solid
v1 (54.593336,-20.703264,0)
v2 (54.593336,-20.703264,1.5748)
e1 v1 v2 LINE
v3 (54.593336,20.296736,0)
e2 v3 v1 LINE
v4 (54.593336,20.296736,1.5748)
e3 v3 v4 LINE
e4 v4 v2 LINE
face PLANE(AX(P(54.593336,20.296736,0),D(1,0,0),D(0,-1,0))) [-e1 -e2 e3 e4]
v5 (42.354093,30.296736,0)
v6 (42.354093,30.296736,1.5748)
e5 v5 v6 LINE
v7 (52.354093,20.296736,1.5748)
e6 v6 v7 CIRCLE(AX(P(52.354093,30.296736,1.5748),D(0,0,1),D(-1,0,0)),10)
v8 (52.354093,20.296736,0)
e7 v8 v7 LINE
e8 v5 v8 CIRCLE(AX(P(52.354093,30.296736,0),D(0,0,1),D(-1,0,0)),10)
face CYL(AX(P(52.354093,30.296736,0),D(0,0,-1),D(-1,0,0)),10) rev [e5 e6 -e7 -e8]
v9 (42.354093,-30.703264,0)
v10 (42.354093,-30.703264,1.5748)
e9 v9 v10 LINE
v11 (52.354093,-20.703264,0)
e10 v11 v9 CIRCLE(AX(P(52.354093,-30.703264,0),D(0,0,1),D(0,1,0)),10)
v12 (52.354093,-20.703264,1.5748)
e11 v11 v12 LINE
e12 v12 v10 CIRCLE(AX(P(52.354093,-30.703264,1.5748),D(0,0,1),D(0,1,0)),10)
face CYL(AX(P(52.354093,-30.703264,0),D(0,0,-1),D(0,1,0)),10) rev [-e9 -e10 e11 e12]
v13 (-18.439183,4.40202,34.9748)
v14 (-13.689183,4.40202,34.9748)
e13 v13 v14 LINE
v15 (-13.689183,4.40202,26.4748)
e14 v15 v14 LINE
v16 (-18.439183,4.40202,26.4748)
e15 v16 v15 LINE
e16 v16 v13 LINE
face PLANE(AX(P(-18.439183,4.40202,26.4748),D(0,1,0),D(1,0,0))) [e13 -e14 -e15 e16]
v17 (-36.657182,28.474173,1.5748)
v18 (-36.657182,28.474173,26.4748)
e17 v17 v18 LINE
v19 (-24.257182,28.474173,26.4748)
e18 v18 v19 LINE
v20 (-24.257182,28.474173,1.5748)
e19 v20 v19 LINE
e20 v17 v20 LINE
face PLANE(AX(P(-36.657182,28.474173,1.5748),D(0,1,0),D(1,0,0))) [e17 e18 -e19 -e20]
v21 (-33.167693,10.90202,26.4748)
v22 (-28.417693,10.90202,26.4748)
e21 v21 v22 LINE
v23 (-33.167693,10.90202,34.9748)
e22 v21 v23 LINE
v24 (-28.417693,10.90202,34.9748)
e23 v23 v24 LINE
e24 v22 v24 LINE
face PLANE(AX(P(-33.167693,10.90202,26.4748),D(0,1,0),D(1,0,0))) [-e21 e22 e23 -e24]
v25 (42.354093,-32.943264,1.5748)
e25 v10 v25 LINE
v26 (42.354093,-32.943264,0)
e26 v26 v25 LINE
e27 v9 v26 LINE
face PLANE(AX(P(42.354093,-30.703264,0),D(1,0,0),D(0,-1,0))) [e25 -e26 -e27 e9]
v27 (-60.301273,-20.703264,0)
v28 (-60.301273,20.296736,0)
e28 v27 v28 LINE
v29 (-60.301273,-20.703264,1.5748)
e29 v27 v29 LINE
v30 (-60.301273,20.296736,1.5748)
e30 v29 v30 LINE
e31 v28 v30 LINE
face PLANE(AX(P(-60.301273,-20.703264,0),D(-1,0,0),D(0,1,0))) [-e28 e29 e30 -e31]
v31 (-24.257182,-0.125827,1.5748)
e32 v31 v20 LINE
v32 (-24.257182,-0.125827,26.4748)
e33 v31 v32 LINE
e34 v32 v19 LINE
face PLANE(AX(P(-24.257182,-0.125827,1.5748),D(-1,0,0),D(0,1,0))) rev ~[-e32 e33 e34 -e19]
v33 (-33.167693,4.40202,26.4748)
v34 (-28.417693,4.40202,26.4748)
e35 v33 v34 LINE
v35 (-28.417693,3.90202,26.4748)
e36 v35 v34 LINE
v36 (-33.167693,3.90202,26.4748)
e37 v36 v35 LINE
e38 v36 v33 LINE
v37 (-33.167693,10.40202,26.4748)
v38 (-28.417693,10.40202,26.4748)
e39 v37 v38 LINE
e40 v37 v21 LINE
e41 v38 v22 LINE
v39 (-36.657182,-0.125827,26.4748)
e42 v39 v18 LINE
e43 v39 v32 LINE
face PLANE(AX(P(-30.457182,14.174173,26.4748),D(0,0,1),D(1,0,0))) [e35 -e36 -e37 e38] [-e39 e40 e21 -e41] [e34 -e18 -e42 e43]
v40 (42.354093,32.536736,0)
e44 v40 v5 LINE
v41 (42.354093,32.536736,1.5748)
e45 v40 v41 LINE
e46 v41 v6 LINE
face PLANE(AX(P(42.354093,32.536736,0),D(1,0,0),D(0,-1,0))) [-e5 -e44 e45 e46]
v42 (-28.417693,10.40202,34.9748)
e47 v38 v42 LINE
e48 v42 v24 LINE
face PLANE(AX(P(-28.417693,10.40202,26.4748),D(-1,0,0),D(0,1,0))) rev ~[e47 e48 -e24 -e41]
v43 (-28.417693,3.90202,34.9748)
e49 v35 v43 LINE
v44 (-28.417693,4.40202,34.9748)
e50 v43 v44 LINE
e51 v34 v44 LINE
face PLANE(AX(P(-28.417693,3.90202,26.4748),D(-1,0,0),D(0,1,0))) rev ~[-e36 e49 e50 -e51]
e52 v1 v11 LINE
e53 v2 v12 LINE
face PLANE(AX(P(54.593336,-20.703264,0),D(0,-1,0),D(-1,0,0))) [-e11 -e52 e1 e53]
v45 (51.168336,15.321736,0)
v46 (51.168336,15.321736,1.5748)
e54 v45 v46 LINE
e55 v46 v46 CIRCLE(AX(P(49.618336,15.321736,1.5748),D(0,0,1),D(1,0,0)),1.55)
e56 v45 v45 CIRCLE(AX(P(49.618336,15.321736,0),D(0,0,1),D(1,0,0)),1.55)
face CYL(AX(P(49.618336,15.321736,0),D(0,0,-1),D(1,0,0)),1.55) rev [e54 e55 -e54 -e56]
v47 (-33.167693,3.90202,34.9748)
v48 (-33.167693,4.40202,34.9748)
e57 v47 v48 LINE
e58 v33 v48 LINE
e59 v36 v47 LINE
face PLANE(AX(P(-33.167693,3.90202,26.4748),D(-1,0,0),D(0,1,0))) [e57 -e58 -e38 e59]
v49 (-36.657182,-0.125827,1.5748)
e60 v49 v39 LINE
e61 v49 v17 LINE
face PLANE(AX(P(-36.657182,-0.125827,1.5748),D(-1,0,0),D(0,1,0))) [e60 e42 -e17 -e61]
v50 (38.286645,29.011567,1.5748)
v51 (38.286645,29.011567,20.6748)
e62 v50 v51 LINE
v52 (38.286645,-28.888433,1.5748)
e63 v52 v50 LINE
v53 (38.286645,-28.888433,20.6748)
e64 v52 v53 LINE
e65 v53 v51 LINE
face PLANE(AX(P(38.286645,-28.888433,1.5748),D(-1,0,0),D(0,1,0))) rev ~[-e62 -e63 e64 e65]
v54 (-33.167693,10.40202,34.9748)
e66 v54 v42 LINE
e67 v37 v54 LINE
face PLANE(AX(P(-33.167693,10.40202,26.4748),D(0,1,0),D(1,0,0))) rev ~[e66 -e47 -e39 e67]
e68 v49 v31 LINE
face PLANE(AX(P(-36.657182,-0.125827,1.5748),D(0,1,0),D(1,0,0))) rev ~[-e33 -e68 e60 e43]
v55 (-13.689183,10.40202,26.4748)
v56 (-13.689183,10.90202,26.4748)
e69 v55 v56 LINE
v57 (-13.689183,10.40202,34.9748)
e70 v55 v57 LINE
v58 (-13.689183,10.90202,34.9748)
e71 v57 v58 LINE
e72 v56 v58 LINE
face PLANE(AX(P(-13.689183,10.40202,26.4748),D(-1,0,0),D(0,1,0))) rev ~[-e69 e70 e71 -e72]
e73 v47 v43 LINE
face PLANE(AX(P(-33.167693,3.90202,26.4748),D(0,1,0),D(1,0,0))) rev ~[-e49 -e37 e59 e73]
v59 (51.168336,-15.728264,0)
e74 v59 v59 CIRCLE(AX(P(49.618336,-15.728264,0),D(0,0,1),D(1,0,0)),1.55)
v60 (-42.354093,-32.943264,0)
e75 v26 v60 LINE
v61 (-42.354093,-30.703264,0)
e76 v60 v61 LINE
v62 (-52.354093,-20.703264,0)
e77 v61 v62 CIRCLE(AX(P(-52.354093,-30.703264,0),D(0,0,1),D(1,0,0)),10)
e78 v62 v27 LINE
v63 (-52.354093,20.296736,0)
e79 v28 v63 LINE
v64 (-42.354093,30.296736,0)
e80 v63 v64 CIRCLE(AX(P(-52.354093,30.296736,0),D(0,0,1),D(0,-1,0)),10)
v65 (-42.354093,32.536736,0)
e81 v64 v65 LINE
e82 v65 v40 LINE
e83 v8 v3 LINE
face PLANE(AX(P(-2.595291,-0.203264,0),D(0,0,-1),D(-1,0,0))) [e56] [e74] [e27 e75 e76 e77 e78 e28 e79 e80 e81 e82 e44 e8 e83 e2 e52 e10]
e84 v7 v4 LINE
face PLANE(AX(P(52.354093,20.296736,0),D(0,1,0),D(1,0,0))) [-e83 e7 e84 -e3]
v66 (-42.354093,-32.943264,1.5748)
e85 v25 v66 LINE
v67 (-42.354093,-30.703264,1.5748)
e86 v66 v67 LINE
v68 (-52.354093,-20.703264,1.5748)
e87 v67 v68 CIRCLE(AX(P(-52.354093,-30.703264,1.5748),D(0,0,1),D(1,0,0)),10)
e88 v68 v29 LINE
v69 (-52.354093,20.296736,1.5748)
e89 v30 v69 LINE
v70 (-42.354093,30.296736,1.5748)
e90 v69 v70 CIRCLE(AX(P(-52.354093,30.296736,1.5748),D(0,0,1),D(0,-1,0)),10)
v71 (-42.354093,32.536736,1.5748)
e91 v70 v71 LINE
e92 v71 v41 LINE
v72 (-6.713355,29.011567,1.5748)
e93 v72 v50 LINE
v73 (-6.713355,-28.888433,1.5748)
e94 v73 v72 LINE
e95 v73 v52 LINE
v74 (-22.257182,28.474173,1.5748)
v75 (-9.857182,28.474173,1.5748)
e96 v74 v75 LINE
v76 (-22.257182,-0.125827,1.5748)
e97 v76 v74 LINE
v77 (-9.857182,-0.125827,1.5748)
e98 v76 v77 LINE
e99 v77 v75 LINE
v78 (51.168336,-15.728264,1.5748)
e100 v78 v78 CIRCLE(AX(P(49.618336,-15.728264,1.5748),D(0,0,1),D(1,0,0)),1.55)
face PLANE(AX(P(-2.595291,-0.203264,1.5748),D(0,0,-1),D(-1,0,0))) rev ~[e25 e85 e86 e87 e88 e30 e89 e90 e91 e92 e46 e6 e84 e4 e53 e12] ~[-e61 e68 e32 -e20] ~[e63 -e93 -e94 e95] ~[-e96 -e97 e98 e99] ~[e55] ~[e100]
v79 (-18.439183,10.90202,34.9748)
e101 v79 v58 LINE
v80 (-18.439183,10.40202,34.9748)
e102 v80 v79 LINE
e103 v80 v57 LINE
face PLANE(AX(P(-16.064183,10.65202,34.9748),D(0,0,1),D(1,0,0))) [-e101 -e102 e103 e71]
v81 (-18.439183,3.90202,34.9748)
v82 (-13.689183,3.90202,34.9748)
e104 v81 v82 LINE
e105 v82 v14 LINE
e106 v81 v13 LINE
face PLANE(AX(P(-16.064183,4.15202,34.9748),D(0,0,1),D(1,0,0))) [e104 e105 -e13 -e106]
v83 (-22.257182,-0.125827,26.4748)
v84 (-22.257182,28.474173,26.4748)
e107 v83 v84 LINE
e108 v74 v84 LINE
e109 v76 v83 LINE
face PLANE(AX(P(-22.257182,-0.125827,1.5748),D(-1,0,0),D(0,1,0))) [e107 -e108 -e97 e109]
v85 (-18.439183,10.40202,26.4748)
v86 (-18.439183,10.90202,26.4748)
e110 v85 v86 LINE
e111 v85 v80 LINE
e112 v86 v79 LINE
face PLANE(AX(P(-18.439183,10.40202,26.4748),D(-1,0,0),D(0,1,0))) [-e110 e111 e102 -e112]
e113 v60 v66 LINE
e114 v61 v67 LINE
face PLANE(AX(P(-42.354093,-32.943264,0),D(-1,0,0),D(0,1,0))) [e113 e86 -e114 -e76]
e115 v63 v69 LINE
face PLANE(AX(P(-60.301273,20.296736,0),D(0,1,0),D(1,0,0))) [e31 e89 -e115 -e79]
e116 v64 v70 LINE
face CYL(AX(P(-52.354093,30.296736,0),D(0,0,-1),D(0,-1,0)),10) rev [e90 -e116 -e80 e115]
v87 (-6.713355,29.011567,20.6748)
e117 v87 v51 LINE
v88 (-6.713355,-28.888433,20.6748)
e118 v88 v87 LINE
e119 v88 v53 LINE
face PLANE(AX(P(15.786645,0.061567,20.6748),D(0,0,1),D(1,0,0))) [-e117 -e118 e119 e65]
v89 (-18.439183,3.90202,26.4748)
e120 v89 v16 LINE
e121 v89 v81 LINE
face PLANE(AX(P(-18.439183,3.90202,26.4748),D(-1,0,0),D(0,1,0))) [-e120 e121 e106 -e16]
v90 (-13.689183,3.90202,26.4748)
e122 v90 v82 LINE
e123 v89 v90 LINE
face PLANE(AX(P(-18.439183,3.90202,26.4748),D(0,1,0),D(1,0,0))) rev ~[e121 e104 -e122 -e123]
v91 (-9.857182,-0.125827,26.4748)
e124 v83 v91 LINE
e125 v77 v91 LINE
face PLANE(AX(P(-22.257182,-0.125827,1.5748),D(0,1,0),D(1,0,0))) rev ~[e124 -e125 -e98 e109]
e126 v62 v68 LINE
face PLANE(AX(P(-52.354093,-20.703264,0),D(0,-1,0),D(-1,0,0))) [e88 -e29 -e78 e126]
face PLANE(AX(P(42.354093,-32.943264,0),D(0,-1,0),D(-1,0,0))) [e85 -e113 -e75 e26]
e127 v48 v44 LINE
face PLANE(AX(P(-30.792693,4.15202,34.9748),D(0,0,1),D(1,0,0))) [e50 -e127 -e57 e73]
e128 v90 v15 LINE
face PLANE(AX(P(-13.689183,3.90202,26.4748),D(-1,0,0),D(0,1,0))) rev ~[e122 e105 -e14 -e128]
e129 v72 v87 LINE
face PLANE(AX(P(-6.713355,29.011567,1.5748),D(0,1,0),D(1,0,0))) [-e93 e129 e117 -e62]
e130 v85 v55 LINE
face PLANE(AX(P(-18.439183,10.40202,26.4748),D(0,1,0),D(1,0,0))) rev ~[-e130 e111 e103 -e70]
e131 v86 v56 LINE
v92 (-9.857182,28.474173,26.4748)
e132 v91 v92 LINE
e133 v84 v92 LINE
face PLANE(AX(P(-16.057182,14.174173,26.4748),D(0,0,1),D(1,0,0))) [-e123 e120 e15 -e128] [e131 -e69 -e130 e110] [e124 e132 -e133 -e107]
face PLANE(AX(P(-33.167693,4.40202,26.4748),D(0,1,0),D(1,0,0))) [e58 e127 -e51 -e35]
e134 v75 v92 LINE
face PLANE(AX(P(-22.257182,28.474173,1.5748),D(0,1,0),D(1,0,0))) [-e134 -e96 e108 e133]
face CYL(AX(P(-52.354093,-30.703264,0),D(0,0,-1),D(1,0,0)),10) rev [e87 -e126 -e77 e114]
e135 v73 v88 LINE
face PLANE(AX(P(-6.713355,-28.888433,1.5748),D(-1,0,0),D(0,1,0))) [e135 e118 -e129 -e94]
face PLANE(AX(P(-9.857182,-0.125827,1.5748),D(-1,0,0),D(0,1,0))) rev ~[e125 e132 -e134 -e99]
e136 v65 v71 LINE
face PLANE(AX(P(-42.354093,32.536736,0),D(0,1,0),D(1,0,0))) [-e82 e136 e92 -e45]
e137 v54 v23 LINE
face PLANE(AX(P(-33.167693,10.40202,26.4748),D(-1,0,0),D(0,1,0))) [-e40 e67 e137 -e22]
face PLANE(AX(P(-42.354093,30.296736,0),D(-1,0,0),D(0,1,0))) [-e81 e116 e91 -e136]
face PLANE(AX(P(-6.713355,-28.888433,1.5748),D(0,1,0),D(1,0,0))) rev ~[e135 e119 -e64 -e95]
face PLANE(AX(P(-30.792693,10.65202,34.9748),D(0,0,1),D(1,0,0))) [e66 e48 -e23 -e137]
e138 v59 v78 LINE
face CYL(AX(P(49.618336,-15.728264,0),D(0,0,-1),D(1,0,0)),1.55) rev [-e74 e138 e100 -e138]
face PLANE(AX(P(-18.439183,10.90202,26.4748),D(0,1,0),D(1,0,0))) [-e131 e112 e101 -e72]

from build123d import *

# Parameters (mm, degrees)
SKETCH1_R           = 1.55
BOSS_EXTRUDE1_DEPTH = 1.5748
SKETCH2_W           = 12.4
SKETCH2_H           = 28.6
BOSS_EXTRUDE2_DEPTH = 24.9
SKETCH3_W           = 4.75
SKETCH3_H           = 0.5
BOSS_EXTRUDE3_DEPTH = 8.5
SKETCH4_W           = 45
SKETCH4_H           = 57.9
BOSS_EXTRUDE4_DEPTH = 19.1


with BuildPart() as part:
    # Sketch1 → Boss-Extrude1 (new body)
    with BuildSketch(Plane.XY):
        with BuildLine():
            Line((42.354093023, -30.703264053), (42.354093023, -32.943264053))
            Line((42.354093023, -32.943264053), (-42.354093023, -32.943264053))
            Line((-42.354093023, -32.943264053), (-42.354093023, -30.703264053))
            ThreePointArc((-42.354093023, -30.703264053), (-45.283025211, -23.632196241), (-52.354093023, -20.703264053))
            Line((-52.354093023, -20.703264053), (-60.301272865, -20.703264053))
            Line((-60.301272865, -20.703264053), (-60.301272865, 20.296735947))
            Line((-60.301272865, 20.296735947), (-52.354093023, 20.296735947))
            ThreePointArc((-52.354093023, 20.296735947), (-45.283025211, 23.225668135), (-42.354093023, 30.296735947))
            Line((-42.354093023, 30.296735947), (-42.354093023, 32.536735947))
            Line((-42.354093023, 32.536735947), (42.354093023, 32.536735947))
            Line((42.354093023, 32.536735947), (42.354093023, 30.296735947))
            ThreePointArc((42.354093023, 30.296735947), (45.283025211, 23.225668135), (52.354093023, 20.296735947))
            Line((52.354093023, 20.296735947), (54.593335979, 20.296735947))
            Line((54.593335979, 20.296735947), (54.593335979, -20.703264053))
            Line((54.593335979, -20.703264053), (52.354093023, -20.703264053))
            ThreePointArc((52.354093023, -20.703264053), (45.283025211, -23.632196241), (42.354093023, -30.703264053))
        make_face()
        with Locations((49.618335979, -15.728264053)):
            Circle(SKETCH1_R, mode=Mode.SUBTRACT)
        with Locations((49.618335979, 15.321735947)):
            Circle(SKETCH1_R, mode=Mode.SUBTRACT)
    extrude(amount=BOSS_EXTRUDE1_DEPTH)

    # Sketch2 → Boss-Extrude2 (add)
    with BuildSketch(Plane.XY.offset(1.5748)):
        with Locations((-30.457181744, 14.174173465)):
            Rectangle(SKETCH2_W, SKETCH2_H)
        with Locations((-16.057181744, 14.174173465)):
            Rectangle(SKETCH2_W, SKETCH2_H)
    extrude(amount=BOSS_EXTRUDE2_DEPTH)

    # Sketch3 → Boss-Extrude3 (add)
    with BuildSketch(Plane.XY.offset(26.4748)):
        with Locations((-16.064182879, 4.152019918)):
            Rectangle(SKETCH3_W, SKETCH3_H)
        with Locations((-16.064182879, 10.652019918)):
            Rectangle(SKETCH3_W, SKETCH3_H)
        with Locations((-30.792693371, 4.152019918)):
            Rectangle(SKETCH3_W, SKETCH3_H)
        with Locations((-30.792693371, 10.652019918)):
            Rectangle(SKETCH3_W, SKETCH3_H)
    extrude(amount=BOSS_EXTRUDE3_DEPTH)

    # Sketch4 → Boss-Extrude4 (add)
    with BuildSketch(Plane.XY.offset(1.5748)):
        with Locations((15.786645431, 0.061567403)):
            Rectangle(SKETCH4_W, SKETCH4_H)
    extrude(amount=BOSS_EXTRUDE4_DEPTH)


solid = part.part
